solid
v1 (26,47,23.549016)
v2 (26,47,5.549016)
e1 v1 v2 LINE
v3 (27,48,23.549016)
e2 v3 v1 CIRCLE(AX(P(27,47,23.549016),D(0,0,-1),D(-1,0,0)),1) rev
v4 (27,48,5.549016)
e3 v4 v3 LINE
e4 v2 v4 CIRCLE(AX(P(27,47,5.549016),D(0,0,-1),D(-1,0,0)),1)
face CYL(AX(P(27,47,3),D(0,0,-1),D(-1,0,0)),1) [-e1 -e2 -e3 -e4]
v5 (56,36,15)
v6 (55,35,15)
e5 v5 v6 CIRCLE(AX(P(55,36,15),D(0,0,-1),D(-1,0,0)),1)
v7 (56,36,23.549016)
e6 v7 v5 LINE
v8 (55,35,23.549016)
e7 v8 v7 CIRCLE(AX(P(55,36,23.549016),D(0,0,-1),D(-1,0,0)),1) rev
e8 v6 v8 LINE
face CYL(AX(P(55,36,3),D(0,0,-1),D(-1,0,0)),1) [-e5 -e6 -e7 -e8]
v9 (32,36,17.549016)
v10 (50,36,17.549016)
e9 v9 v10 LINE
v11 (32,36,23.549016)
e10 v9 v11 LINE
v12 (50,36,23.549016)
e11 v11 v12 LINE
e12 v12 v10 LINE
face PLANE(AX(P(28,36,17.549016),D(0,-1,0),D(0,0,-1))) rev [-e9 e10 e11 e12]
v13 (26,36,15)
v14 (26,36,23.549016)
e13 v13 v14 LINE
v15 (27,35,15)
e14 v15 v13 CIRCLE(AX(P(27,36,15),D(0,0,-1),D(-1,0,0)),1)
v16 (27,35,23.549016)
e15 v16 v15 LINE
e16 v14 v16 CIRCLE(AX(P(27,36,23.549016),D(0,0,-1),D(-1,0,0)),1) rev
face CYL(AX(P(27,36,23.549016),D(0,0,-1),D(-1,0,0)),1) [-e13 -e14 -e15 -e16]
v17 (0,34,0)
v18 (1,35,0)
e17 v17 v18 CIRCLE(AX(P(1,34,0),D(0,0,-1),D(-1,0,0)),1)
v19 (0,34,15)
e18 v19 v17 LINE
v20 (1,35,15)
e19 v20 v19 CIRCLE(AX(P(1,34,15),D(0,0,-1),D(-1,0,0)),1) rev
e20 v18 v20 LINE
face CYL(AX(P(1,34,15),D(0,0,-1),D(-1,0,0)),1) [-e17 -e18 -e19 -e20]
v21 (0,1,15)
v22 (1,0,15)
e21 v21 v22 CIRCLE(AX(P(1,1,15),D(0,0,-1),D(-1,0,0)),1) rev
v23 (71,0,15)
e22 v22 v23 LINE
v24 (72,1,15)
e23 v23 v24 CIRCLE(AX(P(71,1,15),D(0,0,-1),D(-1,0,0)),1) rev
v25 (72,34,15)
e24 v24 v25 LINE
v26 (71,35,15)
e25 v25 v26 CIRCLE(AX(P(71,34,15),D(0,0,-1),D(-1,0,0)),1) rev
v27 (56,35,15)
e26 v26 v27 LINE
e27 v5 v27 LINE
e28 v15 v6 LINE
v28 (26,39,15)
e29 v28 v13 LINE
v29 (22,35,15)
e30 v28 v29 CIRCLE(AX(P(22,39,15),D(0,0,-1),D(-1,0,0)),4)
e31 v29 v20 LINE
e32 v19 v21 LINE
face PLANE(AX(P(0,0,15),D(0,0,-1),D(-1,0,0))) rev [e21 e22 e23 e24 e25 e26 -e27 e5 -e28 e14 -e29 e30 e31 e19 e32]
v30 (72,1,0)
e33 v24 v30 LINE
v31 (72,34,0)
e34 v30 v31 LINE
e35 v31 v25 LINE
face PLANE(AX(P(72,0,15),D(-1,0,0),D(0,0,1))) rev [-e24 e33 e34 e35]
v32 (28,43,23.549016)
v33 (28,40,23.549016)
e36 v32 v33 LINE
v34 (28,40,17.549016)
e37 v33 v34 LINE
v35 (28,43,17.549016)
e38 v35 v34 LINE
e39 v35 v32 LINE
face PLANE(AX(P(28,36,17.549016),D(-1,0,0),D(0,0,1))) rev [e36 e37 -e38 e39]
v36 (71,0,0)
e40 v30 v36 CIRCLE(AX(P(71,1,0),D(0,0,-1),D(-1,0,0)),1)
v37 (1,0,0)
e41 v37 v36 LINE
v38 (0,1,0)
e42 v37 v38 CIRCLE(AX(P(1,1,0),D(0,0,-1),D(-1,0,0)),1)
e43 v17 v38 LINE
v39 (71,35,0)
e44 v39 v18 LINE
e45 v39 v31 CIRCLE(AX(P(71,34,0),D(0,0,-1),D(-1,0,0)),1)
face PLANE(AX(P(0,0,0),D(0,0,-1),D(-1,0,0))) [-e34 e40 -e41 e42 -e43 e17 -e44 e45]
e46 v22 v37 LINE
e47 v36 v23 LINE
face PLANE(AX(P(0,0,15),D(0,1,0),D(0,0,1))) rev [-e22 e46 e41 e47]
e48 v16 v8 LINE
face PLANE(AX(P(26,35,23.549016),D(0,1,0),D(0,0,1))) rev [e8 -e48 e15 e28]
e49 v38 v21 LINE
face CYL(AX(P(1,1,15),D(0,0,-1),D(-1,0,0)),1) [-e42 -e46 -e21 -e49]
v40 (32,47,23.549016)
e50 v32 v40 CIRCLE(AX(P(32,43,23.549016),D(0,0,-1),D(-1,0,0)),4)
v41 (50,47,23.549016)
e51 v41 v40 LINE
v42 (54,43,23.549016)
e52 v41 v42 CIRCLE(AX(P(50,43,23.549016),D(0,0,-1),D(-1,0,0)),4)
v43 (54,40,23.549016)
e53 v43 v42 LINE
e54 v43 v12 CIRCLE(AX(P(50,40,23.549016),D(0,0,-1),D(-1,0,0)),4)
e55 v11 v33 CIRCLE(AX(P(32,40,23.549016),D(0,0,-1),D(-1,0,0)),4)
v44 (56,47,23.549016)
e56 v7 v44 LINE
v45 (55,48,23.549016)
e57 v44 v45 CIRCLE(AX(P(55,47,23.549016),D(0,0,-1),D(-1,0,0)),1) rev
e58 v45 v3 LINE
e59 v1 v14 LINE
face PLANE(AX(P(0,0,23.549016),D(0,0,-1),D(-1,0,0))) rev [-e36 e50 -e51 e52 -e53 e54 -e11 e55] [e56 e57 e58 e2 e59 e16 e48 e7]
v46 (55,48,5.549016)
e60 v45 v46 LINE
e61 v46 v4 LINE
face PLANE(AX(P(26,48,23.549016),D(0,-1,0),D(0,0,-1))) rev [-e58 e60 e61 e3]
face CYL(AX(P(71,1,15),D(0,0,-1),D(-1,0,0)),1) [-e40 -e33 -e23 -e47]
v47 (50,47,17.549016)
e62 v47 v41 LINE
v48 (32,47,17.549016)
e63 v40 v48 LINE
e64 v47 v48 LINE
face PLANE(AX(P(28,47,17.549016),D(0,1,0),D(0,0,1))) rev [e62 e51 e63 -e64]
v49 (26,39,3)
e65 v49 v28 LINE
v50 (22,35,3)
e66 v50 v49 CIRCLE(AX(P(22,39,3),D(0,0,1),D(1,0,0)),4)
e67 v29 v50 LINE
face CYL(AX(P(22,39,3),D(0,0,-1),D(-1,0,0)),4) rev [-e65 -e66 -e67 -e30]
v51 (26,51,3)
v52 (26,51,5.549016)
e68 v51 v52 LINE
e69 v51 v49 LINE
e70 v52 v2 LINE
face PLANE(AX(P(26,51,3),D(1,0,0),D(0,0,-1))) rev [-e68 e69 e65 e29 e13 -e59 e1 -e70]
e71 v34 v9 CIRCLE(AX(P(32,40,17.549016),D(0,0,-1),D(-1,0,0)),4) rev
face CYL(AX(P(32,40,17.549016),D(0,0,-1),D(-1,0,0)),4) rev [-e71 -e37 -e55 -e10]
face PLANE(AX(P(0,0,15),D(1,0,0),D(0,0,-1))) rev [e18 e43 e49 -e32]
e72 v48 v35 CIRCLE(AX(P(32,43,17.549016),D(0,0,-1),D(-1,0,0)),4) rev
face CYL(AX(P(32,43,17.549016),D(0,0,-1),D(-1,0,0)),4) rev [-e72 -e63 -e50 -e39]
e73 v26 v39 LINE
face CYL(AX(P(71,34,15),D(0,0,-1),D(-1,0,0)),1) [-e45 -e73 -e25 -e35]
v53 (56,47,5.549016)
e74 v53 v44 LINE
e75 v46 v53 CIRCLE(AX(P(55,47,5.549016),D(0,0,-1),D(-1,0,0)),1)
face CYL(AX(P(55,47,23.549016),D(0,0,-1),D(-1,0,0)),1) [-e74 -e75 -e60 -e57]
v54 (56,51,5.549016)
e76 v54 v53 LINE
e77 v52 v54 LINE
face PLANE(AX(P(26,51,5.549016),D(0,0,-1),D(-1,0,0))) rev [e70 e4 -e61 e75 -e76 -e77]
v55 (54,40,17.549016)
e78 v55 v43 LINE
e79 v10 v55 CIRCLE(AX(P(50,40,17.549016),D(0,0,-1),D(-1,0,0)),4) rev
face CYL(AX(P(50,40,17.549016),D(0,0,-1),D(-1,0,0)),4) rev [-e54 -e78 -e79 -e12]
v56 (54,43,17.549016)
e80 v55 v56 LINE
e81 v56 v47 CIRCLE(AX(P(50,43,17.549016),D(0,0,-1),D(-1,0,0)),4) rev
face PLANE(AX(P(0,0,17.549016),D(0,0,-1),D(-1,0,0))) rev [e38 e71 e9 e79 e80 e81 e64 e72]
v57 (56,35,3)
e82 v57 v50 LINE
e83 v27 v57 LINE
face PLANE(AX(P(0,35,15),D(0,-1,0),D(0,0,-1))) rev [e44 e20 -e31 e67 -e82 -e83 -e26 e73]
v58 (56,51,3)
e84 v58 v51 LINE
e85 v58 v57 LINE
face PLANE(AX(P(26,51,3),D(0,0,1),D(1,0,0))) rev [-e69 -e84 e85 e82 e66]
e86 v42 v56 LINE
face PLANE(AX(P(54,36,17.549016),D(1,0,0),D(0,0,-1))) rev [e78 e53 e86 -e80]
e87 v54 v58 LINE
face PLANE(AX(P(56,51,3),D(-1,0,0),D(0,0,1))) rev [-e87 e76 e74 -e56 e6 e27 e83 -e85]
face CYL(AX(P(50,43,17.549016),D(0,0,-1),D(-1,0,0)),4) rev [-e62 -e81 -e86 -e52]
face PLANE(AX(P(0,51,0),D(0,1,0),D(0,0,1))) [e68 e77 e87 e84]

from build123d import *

# Parameters (mm, degrees)
SKETCH_1_W          = 72
SKETCH_1_H          = 35
EXTRUDE_1_DEPTH     = 15
SKETCH_2_W          = 30
SKETCH_2_H          = 2.549015657
EXTRUDE_2_DEPTH     = 16
SKETCH_3_W          = 30
SKETCH_3_H          = 13
EXTRUDE_3_DEPTH     = 18
SKETCH_4_W          = 26
SKETCH_4_H          = 11
CUT_EXTRUDE_1_DEPTH = 6
FILLET_1_R          = 4
FILLET_3_R          = 4
FILLET_2_R          = 1


with BuildPart() as part:
    # ｽｹｯﾁ1 → ﾎﾞｽ - 押し出し1 (new body)
    with BuildSketch(Plane.XY):
        with Locations((36, 17.5)):
            Rectangle(SKETCH_1_W, SKETCH_1_H)
    extrude(amount=EXTRUDE_1_DEPTH)

    # ｽｹｯﾁ2 → ﾎﾞｽ - 押し出し2 (add)
    with BuildSketch(Plane(origin=(0, 35, 0), x_dir=(1, 0, 0), z_dir=(0, 1, 0))):
        with Locations((41, -4.274507828)):
            Rectangle(SKETCH_2_W, SKETCH_2_H)
    extrude(amount=EXTRUDE_2_DEPTH)

    # ｽｹｯﾁ3 → ﾎﾞｽ - 押し出し3 (add)
    with BuildSketch(Plane.XY.offset(5.549015657)):
        with Locations((41, 41.5)):
            Rectangle(SKETCH_3_W, SKETCH_3_H)
    extrude(amount=EXTRUDE_3_DEPTH)

    # ｽｹｯﾁ4 → ｶｯﾄ - 押し出し1 (cut)
    with BuildSketch(Plane.XY.offset(23.549015657)):
        with Locations((41, 41.5)):
            Rectangle(SKETCH_4_W, SKETCH_4_H)
    extrude(amount=-CUT_EXTRUDE_1_DEPTH, mode=Mode.SUBTRACT)

    # ﾌｨﾚｯﾄ1
    fillet_1_edges = [part.edges().sort_by_distance(p)[0] for p in [
        (28, 36, 20.549015657),
        (28, 47, 20.549015657),
        (54, 47, 20.549015657),
        (54, 36, 20.549015657),
    ]]
    fillet(fillet_1_edges, radius=FILLET_1_R)

    # ﾌｨﾚｯﾄ3
    fillet_3_edges = [part.edges().sort_by_distance(p)[0] for p in [
        (26, 35, 9),
    ]]
    fillet(fillet_3_edges, radius=FILLET_3_R)

    # ﾌｨﾚｯﾄ2
    fillet_2_edges = [part.edges().sort_by_distance(p)[0] for p in [
        (26, 35, 19.274507829),
        (26, 48, 14.549015657),
        (56, 35, 19.274507829),
        (56, 48, 14.549015657),
        (0, 35, 7.5),
        (72, 35, 7.5),
        (72, 0, 7.5),
        (0, 0, 7.5),
    ]]
    fillet(fillet_2_edges, radius=FILLET_2_R)


solid = part.part
